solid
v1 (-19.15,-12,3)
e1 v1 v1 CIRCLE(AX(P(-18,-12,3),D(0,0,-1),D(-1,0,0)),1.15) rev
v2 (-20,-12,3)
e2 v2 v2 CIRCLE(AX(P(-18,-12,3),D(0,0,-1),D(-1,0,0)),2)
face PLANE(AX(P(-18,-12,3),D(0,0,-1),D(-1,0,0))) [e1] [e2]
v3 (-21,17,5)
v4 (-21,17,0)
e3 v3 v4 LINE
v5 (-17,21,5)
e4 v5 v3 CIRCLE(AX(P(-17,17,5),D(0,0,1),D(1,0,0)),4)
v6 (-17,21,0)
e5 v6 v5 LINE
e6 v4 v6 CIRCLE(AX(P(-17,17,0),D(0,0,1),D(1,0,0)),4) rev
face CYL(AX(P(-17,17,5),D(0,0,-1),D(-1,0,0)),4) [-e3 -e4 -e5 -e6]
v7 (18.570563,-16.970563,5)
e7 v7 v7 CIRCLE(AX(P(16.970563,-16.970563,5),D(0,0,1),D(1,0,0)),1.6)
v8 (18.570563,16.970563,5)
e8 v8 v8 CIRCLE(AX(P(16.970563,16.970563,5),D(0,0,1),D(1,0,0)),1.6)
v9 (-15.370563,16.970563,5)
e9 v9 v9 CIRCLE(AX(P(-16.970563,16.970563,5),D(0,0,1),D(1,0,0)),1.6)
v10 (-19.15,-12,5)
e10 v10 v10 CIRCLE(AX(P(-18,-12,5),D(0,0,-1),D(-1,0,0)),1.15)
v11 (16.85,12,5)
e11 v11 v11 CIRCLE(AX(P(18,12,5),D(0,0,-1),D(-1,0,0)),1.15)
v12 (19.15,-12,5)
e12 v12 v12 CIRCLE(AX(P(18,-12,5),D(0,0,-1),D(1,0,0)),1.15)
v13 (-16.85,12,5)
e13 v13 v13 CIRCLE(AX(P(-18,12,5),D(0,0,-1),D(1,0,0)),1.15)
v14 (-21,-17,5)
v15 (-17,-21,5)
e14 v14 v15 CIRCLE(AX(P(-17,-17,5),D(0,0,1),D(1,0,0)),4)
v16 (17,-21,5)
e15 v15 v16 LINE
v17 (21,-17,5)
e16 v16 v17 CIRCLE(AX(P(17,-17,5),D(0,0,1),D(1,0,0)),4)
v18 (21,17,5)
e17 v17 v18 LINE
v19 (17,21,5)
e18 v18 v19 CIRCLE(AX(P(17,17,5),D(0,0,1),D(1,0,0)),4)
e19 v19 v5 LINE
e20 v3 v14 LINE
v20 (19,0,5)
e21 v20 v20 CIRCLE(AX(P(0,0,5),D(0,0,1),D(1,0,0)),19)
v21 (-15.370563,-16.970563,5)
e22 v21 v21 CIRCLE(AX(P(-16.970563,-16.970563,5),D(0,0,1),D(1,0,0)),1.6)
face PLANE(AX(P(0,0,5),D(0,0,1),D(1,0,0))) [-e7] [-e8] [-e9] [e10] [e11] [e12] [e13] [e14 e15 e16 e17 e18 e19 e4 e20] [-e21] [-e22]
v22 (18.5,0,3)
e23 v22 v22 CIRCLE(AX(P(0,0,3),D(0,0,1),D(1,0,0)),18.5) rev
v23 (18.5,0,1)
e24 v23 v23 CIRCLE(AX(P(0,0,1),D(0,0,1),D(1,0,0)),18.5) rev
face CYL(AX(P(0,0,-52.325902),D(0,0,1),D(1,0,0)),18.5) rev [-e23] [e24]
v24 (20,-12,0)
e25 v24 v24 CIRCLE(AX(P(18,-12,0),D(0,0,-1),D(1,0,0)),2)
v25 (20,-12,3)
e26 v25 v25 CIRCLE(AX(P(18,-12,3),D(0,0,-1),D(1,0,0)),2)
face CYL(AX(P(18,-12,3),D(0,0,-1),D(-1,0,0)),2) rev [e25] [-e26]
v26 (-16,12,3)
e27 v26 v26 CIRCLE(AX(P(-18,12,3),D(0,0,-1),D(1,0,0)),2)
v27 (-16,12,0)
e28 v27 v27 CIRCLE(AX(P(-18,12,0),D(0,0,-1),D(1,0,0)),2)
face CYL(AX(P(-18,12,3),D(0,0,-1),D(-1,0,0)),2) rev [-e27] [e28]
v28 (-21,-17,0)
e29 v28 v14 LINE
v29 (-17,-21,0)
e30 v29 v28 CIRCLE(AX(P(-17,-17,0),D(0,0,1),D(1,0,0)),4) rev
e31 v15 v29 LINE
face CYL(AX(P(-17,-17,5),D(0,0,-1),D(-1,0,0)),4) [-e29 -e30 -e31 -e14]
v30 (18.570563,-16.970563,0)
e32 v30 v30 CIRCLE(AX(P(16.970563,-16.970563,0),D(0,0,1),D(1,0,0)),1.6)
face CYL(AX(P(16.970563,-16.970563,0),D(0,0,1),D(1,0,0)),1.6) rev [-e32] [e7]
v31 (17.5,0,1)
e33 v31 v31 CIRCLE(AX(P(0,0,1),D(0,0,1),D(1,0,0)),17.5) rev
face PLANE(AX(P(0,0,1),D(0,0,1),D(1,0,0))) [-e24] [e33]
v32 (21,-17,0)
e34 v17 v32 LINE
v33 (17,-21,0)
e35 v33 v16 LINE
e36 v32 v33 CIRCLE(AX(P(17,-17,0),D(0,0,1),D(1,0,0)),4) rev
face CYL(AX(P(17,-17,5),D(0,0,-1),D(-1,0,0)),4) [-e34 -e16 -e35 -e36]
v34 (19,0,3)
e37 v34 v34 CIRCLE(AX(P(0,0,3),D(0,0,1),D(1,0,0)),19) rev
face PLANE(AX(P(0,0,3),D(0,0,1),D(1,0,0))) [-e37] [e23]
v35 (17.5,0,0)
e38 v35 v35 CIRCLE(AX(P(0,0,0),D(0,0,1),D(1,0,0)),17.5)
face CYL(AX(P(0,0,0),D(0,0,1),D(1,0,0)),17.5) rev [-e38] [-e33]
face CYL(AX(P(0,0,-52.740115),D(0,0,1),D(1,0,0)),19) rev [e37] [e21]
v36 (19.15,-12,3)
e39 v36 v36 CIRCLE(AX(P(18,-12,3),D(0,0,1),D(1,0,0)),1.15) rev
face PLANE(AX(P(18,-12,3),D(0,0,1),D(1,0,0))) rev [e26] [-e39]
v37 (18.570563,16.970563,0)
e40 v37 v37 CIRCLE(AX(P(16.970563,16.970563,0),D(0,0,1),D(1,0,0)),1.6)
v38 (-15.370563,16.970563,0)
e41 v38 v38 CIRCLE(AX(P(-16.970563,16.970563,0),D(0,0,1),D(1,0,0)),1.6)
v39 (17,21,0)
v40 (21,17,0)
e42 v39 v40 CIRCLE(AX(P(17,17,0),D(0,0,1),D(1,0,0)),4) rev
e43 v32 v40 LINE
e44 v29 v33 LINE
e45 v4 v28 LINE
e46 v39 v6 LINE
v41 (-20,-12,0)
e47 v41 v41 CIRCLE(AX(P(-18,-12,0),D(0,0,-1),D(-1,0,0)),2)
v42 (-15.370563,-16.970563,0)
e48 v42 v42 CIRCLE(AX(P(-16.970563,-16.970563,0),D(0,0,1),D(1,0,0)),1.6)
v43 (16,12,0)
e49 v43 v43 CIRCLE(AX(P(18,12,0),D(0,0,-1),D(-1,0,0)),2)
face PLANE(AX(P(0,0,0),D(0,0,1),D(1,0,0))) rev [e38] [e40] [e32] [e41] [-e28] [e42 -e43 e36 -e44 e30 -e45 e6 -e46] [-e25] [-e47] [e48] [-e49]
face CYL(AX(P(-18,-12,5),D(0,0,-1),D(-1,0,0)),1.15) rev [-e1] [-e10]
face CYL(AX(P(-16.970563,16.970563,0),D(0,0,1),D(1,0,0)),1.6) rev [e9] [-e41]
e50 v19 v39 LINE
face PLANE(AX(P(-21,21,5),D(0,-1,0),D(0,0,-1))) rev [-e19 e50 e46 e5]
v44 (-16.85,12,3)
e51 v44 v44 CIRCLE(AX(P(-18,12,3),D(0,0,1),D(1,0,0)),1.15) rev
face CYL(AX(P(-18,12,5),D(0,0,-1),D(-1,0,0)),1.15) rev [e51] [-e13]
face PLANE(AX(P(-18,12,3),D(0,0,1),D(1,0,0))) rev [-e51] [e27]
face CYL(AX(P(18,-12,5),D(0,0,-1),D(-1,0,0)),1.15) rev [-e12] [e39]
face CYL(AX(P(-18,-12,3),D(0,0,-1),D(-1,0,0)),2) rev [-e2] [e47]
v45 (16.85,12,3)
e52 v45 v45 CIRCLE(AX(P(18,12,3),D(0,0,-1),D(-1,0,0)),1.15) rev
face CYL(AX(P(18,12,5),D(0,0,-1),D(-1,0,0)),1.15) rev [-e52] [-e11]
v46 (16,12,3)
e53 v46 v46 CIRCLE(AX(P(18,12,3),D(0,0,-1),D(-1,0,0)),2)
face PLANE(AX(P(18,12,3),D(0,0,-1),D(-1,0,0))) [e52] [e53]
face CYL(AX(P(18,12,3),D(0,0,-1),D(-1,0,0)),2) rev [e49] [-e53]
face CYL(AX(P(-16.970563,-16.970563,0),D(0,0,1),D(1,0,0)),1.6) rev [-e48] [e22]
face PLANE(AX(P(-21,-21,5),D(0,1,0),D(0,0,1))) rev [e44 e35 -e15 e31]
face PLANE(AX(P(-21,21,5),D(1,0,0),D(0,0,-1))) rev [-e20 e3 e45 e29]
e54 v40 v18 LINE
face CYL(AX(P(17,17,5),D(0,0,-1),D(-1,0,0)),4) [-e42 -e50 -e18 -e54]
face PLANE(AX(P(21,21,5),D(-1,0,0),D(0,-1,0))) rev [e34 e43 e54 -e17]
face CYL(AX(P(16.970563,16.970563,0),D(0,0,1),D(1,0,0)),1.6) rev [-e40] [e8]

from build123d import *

# Parameters (mm, degrees)
SKETCH_1_W          = 42
SKETCH_1_H          = 42
EXTRUDE_1_DEPTH     = 5
SKETCH_2_R          = 17.5
CUT_EXTRUDE_1_DEPTH = 6
SKETCH_3_R          = 18.5
CUT_EXTRUDE_2_DEPTH = 4
SKETCH_4_R          = 19
CUT_EXTRUDE_3_DEPTH = 2
FILLET_1_R          = 4
SKETCH_5_R          = 1.6
CUT_EXTRUDE_4_DEPTH = 6
SKETCH_7_R          = 1.15
CUT_EXTRUDE_5_DEPTH = 6
SKETCH_8_R          = 2
CUT_EXTRUDE_6_DEPTH = 3


with BuildPart() as part:
    # 草图1 → 凸台-拉伸1 (new body)
    with BuildSketch(Plane.XY):
        Rectangle(SKETCH_1_W, SKETCH_1_H)
    extrude(amount=EXTRUDE_1_DEPTH)

    # 草图2 → 切除-拉伸1 (cut, through all)
    with BuildSketch(Plane.XY.offset(5)):
        Circle(SKETCH_2_R)
    extrude(amount=-CUT_EXTRUDE_1_DEPTH, mode=Mode.SUBTRACT)

    # 草图3 → 切除-拉伸2 (cut)
    with BuildSketch(Plane.XY.offset(5)):
        Circle(SKETCH_3_R)
    extrude(amount=-CUT_EXTRUDE_2_DEPTH, mode=Mode.SUBTRACT)

    # 草图4 → 切除-拉伸3 (cut)
    with BuildSketch(Plane.XY.offset(5)):
        Circle(SKETCH_4_R)
    extrude(amount=-CUT_EXTRUDE_3_DEPTH, mode=Mode.SUBTRACT)

    # 圆角1
    fillet_1_edges = [part.edges().sort_by_distance(p)[0] for p in [
        (21, -21, 2.5),
        (-21, -21, 2.5),
        (-21, 21, 2.5),
        (21, 21, 2.5),
    ]]
    fillet(fillet_1_edges, radius=FILLET_1_R)

    # 草图5 → 切除-拉伸4 (cut, through all)
    with BuildSketch(Plane.XY.offset(5)):
        with Locations((-16.970562748, 16.970562748)):
            Circle(SKETCH_5_R)
        with Locations((16.970562748, 16.970562748)):
            Circle(SKETCH_5_R)
        with Locations((16.970562748, -16.970562748)):
            Circle(SKETCH_5_R)
        with Locations((-16.970562748, -16.970562748)):
            Circle(SKETCH_5_R)
    extrude(amount=-CUT_EXTRUDE_4_DEPTH, mode=Mode.SUBTRACT)

    # 草图7 → 切除-拉伸5 (cut, through all)
    with BuildSketch(Plane(origin=(0, 0, 0), x_dir=(-1, 0, 0), z_dir=(0, 0, -1))):
        with Locations((-18, 12)):
            Circle(SKETCH_7_R)
        with Locations((18, 12)):
            Circle(SKETCH_7_R)
        with Locations((18, -12)):
            Circle(SKETCH_7_R)
        with Locations((-18, -12)):
            Circle(SKETCH_7_R)
    extrude(amount=-CUT_EXTRUDE_5_DEPTH, mode=Mode.SUBTRACT)

    # 草图8 → 切除-拉伸6 (cut)
    with BuildSketch(Plane(origin=(0, 0, 0), x_dir=(-1, 0, 0), z_dir=(0, 0, -1))):
        with Locations((-18, 12)):
            Circle(SKETCH_8_R)
        with Locations((18, 12)):
            Circle(SKETCH_8_R)
        with Locations((18, -12)):
            Circle(SKETCH_8_R)
        with Locations((-18, -12)):
            Circle(SKETCH_8_R)
    extrude(amount=-CUT_EXTRUDE_6_DEPTH, mode=Mode.SUBTRACT)


solid = part.part
